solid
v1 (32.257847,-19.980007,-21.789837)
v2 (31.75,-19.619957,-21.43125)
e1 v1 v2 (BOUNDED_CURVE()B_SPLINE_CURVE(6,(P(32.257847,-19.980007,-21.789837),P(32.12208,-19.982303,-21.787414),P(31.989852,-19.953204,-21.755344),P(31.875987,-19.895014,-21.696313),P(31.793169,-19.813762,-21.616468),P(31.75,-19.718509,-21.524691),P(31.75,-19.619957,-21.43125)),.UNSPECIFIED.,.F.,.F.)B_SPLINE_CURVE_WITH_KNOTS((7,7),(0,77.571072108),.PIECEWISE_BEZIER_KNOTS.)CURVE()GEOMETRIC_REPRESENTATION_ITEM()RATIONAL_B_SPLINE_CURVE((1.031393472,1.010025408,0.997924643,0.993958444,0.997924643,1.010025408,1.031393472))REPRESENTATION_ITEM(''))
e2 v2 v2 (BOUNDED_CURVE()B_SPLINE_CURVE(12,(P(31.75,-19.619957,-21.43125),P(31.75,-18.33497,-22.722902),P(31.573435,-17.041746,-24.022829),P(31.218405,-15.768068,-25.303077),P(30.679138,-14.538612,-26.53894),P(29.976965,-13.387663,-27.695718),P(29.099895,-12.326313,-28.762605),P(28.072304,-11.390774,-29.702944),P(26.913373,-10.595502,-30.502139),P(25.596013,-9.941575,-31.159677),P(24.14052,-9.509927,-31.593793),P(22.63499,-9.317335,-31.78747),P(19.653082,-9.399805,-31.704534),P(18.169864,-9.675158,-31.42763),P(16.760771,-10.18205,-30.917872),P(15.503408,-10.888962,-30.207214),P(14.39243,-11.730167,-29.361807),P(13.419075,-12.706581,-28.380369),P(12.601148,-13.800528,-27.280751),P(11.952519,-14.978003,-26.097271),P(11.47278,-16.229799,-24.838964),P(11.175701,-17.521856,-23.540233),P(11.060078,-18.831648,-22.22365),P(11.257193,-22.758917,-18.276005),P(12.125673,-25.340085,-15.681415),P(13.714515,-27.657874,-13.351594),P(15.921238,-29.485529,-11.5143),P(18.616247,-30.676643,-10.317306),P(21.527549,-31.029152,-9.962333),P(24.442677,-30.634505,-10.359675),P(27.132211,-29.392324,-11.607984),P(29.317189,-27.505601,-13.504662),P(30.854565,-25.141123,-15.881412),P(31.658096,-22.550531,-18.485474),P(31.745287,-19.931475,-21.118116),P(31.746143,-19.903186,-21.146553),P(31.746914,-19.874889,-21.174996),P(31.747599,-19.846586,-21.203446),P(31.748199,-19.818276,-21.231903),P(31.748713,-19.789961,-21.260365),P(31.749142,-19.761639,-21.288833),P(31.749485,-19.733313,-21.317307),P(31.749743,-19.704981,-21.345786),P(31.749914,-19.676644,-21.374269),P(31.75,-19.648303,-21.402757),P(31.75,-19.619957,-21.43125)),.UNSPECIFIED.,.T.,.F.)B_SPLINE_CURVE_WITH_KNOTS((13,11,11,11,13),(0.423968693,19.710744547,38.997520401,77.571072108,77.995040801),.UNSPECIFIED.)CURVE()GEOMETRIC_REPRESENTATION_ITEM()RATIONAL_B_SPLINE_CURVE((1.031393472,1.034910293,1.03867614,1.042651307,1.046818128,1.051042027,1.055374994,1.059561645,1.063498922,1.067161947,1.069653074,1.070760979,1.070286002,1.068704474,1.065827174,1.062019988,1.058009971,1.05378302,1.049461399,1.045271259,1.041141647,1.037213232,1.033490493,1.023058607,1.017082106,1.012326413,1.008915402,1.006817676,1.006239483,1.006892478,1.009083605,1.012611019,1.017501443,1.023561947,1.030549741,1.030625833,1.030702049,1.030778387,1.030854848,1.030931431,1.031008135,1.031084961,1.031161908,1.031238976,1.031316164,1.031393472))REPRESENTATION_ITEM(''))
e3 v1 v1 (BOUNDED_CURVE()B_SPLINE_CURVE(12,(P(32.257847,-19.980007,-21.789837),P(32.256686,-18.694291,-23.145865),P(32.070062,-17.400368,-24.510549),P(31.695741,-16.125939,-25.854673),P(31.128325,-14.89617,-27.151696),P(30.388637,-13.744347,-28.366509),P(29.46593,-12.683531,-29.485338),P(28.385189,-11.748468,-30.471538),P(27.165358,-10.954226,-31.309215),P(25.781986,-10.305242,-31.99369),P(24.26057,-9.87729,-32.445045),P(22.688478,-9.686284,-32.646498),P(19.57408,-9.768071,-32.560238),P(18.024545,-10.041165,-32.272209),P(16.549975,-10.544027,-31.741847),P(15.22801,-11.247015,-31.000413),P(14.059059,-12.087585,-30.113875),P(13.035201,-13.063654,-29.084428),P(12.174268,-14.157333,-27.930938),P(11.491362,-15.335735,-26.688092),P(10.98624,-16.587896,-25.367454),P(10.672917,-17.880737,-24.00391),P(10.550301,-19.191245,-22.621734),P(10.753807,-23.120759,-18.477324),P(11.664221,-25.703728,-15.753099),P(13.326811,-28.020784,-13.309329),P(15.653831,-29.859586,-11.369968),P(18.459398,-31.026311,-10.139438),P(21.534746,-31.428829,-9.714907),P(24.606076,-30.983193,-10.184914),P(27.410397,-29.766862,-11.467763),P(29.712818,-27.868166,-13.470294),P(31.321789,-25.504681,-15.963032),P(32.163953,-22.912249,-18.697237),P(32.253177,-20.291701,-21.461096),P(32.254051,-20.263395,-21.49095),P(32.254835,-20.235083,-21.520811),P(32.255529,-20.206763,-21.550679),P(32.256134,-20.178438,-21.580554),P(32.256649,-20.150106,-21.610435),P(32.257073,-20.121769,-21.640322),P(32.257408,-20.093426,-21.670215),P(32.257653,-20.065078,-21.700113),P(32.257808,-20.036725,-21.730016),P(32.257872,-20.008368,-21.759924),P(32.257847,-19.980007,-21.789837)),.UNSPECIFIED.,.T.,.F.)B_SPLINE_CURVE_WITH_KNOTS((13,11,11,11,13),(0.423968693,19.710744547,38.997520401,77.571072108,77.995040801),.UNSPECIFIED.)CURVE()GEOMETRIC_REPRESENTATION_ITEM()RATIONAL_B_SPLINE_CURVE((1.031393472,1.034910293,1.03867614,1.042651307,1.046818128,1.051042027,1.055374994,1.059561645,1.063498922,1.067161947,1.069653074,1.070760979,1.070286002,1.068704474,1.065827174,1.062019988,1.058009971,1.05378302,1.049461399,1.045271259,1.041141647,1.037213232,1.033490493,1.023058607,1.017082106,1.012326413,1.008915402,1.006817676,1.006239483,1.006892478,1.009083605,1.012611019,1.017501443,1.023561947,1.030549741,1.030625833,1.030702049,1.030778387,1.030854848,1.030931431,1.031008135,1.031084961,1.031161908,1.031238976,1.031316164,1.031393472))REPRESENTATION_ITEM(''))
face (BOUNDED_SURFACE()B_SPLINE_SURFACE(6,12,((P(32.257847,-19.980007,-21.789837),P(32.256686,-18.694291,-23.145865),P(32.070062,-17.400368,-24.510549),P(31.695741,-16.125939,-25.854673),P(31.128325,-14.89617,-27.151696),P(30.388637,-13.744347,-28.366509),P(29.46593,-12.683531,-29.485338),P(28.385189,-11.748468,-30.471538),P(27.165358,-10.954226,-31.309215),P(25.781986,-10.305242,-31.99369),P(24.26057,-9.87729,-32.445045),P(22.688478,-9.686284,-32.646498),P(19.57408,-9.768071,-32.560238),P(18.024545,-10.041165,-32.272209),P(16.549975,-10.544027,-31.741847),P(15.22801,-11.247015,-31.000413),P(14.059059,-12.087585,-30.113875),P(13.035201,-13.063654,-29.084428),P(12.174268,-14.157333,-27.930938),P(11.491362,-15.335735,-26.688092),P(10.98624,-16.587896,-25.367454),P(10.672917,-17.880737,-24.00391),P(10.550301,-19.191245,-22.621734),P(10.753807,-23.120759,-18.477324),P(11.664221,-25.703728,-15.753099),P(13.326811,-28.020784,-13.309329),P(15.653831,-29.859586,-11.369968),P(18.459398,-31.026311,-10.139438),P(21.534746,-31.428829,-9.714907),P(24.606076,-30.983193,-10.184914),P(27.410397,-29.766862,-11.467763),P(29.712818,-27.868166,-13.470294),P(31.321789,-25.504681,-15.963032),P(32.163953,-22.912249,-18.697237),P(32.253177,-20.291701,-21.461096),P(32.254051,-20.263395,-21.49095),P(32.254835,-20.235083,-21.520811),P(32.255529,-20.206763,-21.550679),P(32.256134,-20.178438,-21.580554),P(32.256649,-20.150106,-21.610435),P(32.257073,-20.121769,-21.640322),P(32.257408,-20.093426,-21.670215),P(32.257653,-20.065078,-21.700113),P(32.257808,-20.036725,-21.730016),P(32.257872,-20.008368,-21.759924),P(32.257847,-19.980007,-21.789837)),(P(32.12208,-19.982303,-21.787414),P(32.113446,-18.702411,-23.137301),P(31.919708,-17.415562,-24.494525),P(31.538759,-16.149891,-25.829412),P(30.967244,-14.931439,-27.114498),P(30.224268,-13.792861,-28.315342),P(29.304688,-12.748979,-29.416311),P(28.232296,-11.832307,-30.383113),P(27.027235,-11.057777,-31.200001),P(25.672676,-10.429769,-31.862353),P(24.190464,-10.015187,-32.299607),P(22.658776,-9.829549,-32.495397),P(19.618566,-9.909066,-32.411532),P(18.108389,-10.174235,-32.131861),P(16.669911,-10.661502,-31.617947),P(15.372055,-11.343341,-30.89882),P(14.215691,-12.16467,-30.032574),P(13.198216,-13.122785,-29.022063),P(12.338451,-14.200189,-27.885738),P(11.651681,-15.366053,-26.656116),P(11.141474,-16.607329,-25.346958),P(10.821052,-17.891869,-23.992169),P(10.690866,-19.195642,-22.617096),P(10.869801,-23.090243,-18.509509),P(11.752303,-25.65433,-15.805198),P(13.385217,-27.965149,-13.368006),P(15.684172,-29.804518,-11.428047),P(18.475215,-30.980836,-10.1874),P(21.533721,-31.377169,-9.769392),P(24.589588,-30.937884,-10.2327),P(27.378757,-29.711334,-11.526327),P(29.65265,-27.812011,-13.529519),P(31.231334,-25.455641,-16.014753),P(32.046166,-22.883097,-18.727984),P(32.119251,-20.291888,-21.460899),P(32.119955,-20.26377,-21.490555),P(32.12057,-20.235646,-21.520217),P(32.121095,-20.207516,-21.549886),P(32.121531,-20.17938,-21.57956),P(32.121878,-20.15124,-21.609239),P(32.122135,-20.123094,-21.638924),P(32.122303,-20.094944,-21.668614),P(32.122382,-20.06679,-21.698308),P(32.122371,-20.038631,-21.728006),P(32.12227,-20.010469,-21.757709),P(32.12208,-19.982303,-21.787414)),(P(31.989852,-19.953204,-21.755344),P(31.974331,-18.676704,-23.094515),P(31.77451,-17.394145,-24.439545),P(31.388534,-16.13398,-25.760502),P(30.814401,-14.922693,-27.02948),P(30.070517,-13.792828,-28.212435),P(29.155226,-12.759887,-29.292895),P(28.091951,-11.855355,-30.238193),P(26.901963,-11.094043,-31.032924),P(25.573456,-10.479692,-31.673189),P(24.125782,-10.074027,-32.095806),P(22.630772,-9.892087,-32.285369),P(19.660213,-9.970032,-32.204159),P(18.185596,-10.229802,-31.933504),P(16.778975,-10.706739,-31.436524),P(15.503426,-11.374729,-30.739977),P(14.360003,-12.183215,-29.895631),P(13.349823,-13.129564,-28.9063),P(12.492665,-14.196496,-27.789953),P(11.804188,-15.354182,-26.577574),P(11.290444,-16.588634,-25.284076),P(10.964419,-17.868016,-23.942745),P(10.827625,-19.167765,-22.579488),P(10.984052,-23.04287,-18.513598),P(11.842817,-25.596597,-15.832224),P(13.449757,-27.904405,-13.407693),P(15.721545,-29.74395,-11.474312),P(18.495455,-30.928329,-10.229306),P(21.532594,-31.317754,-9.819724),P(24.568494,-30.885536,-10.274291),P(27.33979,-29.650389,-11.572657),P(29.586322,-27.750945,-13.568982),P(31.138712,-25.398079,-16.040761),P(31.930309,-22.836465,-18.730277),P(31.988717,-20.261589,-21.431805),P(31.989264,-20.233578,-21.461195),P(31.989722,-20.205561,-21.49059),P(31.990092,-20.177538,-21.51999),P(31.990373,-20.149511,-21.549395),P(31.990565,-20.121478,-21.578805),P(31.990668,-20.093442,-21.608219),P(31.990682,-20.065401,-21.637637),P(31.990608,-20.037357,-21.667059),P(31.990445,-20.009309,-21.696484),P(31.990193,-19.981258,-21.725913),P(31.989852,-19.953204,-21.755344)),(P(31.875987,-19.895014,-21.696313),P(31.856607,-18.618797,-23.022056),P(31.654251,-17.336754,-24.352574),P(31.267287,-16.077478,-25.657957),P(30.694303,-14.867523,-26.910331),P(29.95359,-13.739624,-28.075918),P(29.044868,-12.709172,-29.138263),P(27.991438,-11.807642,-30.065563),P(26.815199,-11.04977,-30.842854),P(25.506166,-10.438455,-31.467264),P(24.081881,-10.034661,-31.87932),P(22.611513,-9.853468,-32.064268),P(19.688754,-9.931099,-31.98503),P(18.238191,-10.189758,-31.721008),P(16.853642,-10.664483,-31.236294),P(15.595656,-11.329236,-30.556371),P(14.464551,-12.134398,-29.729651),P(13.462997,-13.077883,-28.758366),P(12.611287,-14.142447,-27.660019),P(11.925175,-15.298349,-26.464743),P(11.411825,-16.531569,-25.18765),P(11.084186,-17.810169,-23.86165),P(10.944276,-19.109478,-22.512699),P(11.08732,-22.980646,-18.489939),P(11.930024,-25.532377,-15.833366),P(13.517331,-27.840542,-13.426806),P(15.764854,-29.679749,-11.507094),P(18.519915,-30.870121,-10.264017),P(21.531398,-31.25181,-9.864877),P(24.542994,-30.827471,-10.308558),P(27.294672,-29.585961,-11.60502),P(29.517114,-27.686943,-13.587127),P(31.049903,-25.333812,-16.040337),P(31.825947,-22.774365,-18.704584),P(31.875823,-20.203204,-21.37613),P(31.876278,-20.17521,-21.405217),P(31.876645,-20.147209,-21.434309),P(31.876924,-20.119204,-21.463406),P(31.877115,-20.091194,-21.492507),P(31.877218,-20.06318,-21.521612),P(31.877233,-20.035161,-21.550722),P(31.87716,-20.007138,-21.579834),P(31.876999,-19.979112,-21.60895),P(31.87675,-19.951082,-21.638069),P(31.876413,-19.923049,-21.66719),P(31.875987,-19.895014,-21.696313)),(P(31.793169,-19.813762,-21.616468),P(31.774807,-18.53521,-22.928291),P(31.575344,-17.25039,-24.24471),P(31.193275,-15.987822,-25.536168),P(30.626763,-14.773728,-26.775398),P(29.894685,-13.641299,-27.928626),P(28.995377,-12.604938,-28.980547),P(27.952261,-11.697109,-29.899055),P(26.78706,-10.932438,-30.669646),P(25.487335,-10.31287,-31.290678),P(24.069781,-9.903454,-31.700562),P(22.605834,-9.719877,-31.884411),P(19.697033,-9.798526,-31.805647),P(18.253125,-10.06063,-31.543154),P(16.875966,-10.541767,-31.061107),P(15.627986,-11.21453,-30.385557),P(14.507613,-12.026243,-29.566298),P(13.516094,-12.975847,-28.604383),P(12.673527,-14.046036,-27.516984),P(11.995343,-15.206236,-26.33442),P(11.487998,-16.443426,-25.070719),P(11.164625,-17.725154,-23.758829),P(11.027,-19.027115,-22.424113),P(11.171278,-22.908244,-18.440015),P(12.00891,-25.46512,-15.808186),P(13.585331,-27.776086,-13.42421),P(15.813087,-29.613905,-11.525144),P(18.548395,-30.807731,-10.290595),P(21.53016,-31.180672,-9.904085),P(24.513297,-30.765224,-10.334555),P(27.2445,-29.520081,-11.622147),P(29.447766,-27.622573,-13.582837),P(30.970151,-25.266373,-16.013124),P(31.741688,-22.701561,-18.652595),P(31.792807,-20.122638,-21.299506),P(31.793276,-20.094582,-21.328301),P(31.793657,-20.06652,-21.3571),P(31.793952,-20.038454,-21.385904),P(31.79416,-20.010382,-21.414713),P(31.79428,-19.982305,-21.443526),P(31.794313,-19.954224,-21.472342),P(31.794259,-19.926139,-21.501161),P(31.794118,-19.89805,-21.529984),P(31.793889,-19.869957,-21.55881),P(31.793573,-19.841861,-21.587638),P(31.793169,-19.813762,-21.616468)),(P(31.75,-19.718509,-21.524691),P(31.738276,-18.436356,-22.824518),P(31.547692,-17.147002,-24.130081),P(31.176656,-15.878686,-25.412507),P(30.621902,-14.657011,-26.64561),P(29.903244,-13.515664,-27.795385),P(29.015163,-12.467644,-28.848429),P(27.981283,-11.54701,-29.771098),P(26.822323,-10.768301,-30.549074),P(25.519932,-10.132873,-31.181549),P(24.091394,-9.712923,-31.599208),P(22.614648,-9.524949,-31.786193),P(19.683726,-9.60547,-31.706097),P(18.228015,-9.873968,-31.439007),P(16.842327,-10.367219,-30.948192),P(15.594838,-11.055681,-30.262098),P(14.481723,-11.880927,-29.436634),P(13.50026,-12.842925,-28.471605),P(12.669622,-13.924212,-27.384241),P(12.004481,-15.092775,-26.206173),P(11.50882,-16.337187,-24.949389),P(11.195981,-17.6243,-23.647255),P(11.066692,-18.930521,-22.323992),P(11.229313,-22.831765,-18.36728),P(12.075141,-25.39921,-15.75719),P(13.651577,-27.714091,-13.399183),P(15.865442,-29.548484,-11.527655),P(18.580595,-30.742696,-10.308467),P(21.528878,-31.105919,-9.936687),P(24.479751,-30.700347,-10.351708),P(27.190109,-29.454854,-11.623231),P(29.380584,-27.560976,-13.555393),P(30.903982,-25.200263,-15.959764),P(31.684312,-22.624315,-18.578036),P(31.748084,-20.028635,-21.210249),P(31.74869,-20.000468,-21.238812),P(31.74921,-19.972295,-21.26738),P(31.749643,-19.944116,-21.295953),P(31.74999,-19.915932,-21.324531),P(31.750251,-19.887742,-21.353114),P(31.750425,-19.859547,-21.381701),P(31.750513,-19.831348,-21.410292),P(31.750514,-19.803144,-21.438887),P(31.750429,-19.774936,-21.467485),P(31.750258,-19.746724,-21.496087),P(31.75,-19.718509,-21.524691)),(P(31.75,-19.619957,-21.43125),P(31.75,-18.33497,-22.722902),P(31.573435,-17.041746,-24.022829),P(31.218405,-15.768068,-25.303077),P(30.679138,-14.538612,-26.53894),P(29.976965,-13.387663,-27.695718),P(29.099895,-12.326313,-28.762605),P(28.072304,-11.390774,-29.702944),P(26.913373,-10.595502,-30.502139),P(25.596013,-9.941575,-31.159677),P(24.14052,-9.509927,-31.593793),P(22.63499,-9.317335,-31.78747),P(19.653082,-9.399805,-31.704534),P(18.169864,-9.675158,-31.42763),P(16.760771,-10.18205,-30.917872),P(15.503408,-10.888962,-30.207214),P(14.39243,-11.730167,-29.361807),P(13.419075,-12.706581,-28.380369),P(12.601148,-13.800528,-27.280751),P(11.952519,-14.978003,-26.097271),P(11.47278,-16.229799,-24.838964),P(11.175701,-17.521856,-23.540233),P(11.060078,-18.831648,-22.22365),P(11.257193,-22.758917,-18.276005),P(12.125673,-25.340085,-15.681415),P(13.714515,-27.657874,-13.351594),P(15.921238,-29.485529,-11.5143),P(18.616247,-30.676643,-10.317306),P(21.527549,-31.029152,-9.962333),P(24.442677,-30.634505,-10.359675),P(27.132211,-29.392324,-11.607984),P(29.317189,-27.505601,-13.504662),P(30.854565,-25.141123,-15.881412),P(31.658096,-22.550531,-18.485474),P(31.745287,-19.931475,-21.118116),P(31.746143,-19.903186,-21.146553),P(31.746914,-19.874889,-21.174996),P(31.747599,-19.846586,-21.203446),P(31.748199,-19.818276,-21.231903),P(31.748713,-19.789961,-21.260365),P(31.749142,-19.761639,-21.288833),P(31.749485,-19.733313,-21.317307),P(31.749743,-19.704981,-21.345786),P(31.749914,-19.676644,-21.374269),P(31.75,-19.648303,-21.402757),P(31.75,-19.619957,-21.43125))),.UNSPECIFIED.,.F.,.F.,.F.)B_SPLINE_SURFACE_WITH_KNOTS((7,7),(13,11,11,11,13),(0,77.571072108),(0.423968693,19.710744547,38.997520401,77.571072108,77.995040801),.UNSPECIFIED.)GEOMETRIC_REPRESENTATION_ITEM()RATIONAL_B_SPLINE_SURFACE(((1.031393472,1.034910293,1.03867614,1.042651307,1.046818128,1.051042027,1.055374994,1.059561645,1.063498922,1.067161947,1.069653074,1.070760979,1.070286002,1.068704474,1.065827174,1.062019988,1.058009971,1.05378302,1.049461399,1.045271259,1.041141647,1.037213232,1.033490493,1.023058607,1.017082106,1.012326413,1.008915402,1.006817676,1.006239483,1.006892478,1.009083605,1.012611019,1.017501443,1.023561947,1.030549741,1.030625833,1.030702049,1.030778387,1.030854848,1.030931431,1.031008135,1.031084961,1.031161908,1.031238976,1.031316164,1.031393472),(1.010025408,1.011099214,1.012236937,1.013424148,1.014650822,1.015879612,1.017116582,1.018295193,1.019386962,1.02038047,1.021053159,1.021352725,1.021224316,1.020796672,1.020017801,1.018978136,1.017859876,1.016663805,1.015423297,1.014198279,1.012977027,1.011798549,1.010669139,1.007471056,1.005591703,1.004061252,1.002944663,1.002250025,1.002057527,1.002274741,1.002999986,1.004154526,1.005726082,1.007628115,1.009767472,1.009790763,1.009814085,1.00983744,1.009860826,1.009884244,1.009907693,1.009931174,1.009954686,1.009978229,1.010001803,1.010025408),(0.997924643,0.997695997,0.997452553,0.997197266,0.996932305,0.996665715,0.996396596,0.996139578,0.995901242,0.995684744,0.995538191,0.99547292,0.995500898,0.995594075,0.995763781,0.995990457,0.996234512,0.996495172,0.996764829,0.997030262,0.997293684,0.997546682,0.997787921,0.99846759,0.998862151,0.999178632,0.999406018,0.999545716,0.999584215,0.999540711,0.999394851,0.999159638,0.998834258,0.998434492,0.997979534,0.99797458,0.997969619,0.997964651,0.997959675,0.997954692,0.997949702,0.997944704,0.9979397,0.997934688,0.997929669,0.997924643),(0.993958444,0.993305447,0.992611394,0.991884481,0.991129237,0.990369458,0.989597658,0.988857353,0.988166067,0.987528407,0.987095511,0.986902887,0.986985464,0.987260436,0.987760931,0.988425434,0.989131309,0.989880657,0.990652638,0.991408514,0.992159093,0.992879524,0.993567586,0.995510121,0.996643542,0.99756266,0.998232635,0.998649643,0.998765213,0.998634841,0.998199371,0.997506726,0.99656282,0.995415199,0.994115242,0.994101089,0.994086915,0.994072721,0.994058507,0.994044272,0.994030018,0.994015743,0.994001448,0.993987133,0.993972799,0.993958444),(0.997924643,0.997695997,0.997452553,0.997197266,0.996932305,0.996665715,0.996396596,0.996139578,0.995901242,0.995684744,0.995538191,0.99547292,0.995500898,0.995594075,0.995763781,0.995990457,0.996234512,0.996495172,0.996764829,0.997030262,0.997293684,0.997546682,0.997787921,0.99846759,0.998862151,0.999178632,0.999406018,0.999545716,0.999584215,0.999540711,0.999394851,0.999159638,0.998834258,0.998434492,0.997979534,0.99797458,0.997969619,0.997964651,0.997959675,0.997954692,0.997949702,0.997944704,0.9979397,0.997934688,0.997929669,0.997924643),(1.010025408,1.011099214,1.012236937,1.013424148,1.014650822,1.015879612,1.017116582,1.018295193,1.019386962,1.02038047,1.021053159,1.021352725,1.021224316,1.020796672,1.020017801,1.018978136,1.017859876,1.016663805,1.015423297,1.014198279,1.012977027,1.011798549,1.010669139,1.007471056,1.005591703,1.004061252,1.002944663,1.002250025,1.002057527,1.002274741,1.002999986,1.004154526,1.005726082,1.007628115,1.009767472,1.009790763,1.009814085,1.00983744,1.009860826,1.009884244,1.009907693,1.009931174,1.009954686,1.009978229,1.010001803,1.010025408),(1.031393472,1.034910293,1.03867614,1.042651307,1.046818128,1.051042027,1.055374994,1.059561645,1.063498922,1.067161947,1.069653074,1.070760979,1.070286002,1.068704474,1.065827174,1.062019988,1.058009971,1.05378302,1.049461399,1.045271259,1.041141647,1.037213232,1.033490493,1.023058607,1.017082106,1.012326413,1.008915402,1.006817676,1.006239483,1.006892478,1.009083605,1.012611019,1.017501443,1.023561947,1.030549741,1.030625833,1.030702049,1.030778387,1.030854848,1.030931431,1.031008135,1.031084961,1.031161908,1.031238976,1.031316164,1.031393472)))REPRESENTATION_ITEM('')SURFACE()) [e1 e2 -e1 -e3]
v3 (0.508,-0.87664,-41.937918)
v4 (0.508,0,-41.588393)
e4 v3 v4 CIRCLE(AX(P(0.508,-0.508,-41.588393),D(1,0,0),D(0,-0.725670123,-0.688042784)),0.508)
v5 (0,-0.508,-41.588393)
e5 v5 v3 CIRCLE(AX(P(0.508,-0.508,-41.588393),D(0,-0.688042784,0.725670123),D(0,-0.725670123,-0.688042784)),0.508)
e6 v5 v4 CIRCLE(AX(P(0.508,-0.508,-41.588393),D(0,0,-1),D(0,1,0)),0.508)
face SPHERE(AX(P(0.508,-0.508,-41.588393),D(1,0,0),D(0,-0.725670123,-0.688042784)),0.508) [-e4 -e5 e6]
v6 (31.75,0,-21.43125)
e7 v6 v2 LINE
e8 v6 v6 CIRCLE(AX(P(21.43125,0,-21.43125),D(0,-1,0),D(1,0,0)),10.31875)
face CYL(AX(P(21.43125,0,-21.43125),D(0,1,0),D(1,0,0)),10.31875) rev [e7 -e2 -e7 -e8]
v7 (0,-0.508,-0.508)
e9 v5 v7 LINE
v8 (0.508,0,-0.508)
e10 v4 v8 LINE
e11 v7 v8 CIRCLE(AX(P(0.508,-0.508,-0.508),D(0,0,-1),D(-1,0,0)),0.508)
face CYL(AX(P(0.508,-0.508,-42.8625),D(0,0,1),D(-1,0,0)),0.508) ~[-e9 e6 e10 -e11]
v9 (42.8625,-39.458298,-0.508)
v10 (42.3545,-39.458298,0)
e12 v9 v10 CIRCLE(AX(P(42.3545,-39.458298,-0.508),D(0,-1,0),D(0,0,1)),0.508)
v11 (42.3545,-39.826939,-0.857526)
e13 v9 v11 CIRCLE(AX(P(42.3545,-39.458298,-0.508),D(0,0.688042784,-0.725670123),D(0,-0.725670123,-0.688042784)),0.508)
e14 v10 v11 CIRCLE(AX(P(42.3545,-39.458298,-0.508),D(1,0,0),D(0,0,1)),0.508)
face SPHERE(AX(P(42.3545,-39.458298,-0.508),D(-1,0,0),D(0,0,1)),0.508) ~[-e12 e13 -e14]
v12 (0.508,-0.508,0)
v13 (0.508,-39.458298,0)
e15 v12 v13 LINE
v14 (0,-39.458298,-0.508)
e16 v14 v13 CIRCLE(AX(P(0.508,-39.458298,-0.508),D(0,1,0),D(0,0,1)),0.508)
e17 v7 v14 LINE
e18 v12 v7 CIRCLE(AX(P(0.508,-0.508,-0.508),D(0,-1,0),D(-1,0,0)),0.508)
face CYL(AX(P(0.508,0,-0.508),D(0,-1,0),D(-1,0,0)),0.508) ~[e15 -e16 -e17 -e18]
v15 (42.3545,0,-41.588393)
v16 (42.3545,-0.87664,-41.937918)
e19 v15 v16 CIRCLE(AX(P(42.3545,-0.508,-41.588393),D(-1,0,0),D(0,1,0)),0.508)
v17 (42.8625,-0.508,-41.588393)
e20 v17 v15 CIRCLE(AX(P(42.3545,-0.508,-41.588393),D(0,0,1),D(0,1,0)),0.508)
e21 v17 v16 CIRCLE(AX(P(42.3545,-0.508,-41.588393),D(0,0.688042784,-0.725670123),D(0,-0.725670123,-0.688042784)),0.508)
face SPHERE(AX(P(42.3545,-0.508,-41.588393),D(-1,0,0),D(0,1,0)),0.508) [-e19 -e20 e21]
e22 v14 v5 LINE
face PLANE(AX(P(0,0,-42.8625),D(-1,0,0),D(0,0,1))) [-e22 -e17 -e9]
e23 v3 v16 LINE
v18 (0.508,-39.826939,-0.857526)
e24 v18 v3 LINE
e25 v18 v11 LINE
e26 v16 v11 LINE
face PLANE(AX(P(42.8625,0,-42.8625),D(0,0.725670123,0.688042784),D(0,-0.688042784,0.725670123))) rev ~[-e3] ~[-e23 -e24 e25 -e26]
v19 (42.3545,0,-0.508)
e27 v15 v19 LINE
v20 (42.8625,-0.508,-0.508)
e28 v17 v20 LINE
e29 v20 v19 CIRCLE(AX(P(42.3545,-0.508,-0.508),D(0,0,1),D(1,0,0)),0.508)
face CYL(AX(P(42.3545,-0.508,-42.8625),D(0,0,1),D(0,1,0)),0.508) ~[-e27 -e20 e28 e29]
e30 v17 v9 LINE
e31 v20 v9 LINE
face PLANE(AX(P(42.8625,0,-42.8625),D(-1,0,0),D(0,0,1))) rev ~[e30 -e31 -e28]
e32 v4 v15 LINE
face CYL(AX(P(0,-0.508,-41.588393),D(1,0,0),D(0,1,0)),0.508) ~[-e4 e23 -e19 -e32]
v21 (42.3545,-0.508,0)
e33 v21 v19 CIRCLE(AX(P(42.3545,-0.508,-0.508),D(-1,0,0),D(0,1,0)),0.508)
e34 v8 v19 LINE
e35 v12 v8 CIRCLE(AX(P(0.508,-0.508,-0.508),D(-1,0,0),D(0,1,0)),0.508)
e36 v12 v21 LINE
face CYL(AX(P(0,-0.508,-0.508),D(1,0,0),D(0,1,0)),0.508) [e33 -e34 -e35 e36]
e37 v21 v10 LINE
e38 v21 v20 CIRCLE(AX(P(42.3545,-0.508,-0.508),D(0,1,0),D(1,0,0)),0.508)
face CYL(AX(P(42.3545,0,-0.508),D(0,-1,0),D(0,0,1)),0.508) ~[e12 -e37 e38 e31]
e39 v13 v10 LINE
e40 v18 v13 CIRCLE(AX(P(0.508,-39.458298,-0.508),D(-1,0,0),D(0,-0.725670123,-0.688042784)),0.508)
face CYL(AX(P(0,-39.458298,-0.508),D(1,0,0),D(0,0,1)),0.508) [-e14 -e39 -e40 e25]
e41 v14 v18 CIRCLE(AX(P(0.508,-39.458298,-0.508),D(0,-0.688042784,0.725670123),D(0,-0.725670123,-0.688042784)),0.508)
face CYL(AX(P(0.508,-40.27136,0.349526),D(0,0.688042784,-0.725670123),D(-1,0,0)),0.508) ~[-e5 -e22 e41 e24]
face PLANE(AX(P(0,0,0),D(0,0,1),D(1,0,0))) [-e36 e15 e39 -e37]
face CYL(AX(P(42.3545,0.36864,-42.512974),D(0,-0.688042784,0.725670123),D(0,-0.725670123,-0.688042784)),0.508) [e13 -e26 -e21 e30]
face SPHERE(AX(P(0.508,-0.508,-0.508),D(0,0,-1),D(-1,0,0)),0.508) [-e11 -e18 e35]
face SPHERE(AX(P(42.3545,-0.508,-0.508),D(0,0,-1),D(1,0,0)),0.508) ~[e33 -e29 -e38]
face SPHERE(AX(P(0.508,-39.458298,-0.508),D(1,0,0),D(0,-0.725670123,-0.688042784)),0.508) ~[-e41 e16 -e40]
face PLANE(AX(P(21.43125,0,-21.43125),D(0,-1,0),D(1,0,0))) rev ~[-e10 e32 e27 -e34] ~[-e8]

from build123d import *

# Parameters (mm, degrees)
F0_W     = 42.8625
F0_H     = 42.8625
F0_R     = 10.31875
F1_DEPTH = 40.64
F3_DEPTH = 42.8635
F4_R     = 0.508


with BuildPart() as f1:
    # F0 (on Front) → F1 (new body)
    with BuildSketch(Plane.XZ):
        with Locations((21.43125, -21.43125)):
            Rectangle(F0_W, F0_H)
        with Locations((21.43125, -21.43125)):
            Circle(F0_R, mode=Mode.SUBTRACT)
    extrude(amount=F1_DEPTH)

    # F2 (on face) → F3 (cut, through all)
    with BuildSketch(Plane.YZ.offset(42.8625)):
        Polygon((0, -42.8625), (-40.64, 0), (-40.64, -42.8625), align=None)
    extrude(amount=-F3_DEPTH, mode=Mode.SUBTRACT)

    # F4
    f4_edges = [f1.edges().sort_by_distance(p)[0] for p in [
        (42.8625, 0, -21.43125),
        (42.8625, -20.32, 0),
        (42.8625, -20.32, -21.43125),
        (21.43125, 0, -42.8625),
        (21.43125, -40.64, 0),
        (0, -20.32, -21.43125),
        (11.1125, -20.317825, -21.433544),
        (0, 0, -21.43125),
        (0, -20.32, 0),
        (21.43125, 0, 0),
    ]]
    fillet(f4_edges, radius=F4_R)


solid = f1.part
